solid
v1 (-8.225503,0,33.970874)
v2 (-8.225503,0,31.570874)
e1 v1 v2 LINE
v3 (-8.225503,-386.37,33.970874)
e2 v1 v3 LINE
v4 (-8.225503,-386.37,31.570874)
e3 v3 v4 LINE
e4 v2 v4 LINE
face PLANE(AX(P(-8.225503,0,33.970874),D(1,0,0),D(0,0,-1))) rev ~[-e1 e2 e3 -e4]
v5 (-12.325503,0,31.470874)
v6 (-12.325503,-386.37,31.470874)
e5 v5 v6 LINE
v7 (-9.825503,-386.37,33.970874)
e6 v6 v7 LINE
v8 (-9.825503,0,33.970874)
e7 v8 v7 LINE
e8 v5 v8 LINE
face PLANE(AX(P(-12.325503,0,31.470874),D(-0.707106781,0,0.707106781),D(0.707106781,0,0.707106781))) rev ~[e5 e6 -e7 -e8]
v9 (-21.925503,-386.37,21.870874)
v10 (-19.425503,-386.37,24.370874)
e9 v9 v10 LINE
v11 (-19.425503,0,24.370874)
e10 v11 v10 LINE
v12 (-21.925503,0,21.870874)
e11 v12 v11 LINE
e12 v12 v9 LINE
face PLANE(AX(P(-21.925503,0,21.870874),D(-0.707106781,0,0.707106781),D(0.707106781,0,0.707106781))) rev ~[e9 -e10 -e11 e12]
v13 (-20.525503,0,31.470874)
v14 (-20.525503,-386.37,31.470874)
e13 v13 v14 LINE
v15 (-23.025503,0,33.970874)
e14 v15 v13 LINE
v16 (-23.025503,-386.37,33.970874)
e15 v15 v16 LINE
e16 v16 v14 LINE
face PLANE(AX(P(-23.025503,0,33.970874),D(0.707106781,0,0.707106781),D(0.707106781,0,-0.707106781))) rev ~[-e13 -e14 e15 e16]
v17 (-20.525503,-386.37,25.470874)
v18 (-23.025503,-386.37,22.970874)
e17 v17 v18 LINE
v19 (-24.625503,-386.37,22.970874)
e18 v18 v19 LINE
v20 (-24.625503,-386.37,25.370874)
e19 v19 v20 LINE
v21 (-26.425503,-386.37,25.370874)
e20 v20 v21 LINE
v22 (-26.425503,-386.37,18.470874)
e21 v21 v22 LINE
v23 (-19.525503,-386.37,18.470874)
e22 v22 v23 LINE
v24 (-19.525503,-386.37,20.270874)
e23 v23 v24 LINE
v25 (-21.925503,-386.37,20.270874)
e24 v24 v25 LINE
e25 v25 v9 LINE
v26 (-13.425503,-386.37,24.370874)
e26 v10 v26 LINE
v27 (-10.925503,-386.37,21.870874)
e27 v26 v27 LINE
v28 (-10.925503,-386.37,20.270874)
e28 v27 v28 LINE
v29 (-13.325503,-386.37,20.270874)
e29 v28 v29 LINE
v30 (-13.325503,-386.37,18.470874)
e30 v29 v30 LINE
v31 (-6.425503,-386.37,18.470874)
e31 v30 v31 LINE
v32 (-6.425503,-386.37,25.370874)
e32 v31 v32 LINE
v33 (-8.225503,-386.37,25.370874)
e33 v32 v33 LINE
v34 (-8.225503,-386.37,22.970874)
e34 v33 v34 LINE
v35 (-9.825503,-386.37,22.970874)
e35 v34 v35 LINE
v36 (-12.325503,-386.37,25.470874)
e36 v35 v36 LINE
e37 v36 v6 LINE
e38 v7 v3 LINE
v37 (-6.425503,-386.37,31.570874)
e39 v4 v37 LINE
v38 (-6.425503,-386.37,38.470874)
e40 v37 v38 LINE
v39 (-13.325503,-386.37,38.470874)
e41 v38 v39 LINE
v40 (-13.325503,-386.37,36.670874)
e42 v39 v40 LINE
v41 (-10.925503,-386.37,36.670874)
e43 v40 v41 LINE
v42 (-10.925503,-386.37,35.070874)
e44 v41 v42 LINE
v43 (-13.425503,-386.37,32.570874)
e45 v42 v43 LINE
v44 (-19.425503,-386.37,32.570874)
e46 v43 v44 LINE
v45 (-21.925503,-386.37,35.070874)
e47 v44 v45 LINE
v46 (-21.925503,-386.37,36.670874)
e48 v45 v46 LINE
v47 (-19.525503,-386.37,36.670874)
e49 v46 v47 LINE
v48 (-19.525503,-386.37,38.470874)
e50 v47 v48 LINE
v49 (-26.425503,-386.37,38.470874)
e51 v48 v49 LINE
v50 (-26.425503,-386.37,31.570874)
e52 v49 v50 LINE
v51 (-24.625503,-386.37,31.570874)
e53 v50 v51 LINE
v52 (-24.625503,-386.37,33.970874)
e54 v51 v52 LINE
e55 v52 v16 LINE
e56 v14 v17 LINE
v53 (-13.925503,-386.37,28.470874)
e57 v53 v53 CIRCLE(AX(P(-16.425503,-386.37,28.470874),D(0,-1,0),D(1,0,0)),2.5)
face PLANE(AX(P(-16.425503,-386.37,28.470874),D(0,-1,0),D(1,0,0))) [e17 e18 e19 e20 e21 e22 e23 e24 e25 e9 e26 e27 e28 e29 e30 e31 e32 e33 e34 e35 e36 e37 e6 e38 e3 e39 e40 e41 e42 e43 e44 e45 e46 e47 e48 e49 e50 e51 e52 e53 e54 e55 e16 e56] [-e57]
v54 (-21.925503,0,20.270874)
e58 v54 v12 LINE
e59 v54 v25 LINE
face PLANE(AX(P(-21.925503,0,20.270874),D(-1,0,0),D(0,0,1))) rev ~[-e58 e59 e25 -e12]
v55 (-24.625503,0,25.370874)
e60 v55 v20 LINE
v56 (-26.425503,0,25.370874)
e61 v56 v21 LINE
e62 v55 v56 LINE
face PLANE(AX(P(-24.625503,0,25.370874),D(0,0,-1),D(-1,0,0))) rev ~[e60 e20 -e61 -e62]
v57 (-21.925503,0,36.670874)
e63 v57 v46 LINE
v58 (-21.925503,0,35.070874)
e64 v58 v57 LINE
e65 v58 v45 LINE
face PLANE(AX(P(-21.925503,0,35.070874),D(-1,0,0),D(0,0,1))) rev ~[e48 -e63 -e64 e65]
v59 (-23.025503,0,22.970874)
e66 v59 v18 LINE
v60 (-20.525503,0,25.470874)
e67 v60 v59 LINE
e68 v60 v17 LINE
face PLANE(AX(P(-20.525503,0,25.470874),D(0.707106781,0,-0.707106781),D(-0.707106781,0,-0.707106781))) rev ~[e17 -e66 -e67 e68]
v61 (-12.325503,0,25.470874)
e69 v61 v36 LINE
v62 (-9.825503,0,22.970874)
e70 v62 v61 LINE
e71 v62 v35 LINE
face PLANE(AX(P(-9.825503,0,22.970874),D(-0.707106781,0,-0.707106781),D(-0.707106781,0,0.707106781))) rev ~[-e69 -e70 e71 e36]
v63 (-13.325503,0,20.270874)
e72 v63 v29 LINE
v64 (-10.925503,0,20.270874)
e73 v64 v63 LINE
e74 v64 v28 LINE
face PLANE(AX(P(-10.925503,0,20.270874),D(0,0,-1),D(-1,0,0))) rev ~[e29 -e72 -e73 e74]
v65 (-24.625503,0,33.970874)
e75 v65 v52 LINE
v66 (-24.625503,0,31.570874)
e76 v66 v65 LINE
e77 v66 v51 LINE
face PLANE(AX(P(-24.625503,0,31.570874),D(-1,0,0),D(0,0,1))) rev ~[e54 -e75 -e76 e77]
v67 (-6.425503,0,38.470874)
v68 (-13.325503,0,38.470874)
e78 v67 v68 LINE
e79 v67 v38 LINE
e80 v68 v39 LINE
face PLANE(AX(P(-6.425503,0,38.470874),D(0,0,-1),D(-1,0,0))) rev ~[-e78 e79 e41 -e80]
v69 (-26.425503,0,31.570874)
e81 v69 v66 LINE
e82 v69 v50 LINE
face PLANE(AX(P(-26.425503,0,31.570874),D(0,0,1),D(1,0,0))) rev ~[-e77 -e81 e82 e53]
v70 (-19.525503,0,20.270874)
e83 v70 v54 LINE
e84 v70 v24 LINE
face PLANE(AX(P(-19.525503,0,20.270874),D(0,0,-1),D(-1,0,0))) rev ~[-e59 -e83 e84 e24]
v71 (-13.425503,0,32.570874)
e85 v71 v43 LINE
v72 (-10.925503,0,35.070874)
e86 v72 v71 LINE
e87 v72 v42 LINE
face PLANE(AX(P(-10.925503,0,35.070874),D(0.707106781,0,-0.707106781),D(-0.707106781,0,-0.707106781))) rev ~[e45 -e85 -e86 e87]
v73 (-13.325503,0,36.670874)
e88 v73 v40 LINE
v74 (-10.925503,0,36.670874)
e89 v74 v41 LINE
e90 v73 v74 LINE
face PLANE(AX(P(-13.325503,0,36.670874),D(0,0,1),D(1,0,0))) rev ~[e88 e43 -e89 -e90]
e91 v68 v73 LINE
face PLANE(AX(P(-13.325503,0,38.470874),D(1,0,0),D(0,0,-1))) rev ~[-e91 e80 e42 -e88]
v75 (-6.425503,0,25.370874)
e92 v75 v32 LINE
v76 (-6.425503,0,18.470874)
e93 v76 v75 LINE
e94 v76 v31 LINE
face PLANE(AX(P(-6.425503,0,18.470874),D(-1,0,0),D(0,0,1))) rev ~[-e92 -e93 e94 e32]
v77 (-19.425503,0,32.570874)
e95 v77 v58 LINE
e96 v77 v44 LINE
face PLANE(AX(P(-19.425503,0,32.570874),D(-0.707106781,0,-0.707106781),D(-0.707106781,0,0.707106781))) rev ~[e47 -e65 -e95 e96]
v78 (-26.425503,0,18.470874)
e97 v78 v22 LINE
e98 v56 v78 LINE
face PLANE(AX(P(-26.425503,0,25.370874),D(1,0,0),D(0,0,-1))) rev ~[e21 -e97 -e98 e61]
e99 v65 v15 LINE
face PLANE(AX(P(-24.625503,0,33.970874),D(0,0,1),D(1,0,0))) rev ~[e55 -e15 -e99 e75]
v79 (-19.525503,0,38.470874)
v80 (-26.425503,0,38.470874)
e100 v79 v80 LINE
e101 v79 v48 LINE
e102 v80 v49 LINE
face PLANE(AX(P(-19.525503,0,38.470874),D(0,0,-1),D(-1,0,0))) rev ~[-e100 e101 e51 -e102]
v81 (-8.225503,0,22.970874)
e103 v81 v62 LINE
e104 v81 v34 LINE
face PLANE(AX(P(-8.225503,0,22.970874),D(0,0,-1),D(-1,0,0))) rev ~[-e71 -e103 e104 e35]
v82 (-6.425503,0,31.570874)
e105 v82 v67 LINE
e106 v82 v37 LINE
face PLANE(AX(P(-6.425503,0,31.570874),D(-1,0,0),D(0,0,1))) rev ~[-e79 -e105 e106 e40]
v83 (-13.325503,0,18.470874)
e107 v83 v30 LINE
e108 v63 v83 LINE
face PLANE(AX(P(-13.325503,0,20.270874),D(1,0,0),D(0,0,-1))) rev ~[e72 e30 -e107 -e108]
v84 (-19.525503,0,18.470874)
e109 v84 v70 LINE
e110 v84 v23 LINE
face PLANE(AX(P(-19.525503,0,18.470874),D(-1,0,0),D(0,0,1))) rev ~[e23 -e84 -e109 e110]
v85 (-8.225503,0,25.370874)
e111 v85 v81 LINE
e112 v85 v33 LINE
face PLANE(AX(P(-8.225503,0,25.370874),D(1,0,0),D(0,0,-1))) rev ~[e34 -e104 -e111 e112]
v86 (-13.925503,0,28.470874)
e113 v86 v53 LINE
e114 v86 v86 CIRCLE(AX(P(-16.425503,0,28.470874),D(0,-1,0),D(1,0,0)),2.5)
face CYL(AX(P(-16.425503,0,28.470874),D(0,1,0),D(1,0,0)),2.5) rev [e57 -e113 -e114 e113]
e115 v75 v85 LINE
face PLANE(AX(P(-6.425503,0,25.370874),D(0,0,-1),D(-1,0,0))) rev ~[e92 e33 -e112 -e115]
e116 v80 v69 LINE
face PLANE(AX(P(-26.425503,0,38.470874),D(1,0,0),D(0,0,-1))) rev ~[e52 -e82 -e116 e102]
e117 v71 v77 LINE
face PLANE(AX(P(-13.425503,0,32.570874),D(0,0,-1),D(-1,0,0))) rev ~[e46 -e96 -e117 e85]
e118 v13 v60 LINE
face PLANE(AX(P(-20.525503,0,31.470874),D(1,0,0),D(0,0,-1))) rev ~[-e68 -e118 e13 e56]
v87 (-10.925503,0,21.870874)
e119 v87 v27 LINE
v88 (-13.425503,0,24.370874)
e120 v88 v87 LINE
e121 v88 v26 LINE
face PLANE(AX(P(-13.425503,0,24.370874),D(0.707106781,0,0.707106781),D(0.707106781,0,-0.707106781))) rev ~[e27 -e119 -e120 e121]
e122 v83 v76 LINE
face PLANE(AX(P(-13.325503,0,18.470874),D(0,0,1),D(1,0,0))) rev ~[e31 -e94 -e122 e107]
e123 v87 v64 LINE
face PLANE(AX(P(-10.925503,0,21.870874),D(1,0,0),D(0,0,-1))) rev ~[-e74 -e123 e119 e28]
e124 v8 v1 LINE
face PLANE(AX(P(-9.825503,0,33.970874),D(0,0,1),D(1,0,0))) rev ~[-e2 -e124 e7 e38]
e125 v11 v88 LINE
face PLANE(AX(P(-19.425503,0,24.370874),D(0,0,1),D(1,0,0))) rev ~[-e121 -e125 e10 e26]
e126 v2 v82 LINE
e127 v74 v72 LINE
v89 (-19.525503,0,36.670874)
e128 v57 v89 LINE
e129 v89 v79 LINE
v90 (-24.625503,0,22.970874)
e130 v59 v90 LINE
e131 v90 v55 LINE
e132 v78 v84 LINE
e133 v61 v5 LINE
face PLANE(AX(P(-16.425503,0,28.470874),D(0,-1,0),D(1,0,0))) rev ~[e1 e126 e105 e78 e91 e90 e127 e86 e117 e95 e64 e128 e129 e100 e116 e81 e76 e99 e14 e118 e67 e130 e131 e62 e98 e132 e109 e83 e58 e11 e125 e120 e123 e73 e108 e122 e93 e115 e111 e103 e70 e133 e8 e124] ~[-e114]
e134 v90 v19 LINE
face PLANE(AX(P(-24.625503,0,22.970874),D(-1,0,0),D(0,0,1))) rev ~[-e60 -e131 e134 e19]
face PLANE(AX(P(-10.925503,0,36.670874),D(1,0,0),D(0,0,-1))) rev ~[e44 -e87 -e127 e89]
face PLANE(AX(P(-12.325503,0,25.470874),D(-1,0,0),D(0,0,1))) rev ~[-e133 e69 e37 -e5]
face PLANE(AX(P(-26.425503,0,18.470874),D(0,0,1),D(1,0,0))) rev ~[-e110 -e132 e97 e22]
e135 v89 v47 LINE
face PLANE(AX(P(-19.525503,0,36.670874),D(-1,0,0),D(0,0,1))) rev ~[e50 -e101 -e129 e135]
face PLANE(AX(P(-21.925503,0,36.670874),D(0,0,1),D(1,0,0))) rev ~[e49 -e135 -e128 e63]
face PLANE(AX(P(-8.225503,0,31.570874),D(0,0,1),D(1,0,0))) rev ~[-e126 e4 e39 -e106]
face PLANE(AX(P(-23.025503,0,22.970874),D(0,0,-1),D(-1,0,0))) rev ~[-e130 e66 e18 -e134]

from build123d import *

# Parameters (mm, degrees)
F0_R     = 2.5
F1_DEPTH = 386.37


with BuildPart() as f1:
    # F0 (on Front) → F1 (new body)
    with BuildSketch(Plane.XZ):
        Polygon((-19.525503, 38.470874), (-26.425503, 38.470874), (-26.425503, 31.570874), (-24.625503, 31.570874), (-24.625503, 33.970874), (-23.025503, 33.970874), (-20.525503, 31.470874), (-20.525503, 25.470874), (-23.025503, 22.970874), (-24.625503, 22.970874), (-24.625503, 25.370874), (-26.425503, 25.370874), (-26.425503, 18.470874), (-19.525503, 18.470874), (-19.525503, 20.270874), (-21.925503, 20.270874), (-21.925503, 21.870874), (-19.425503, 24.370874), (-16.425503, 24.370874), (-13.425503, 24.370874), (-10.925503, 21.870874), (-10.925503, 20.270874), (-13.325503, 20.270874), (-13.325503, 18.470874), (-6.425503, 18.470874), (-6.425503, 25.370874), (-8.225503, 25.370874), (-8.225503, 22.970874), (-9.825503, 22.970874), (-12.325503, 25.470874), (-12.325503, 31.470874), (-9.825503, 33.970874), (-8.225503, 33.970874), (-8.225503, 31.570874), (-6.425503, 31.570874), (-6.425503, 38.470874), (-13.325503, 38.470874), (-13.325503, 36.670874), (-10.925503, 36.670874), (-10.925503, 35.070874), (-13.425503, 32.570874), (-16.425503, 32.570874), (-19.425503, 32.570874), (-21.925503, 35.070874), (-21.925503, 36.670874), (-19.525503, 36.670874), align=None)
        with Locations((-16.425503, 28.470874)):
            Circle(F0_R, mode=Mode.SUBTRACT)
    extrude(amount=F1_DEPTH)


solid = f1.part
